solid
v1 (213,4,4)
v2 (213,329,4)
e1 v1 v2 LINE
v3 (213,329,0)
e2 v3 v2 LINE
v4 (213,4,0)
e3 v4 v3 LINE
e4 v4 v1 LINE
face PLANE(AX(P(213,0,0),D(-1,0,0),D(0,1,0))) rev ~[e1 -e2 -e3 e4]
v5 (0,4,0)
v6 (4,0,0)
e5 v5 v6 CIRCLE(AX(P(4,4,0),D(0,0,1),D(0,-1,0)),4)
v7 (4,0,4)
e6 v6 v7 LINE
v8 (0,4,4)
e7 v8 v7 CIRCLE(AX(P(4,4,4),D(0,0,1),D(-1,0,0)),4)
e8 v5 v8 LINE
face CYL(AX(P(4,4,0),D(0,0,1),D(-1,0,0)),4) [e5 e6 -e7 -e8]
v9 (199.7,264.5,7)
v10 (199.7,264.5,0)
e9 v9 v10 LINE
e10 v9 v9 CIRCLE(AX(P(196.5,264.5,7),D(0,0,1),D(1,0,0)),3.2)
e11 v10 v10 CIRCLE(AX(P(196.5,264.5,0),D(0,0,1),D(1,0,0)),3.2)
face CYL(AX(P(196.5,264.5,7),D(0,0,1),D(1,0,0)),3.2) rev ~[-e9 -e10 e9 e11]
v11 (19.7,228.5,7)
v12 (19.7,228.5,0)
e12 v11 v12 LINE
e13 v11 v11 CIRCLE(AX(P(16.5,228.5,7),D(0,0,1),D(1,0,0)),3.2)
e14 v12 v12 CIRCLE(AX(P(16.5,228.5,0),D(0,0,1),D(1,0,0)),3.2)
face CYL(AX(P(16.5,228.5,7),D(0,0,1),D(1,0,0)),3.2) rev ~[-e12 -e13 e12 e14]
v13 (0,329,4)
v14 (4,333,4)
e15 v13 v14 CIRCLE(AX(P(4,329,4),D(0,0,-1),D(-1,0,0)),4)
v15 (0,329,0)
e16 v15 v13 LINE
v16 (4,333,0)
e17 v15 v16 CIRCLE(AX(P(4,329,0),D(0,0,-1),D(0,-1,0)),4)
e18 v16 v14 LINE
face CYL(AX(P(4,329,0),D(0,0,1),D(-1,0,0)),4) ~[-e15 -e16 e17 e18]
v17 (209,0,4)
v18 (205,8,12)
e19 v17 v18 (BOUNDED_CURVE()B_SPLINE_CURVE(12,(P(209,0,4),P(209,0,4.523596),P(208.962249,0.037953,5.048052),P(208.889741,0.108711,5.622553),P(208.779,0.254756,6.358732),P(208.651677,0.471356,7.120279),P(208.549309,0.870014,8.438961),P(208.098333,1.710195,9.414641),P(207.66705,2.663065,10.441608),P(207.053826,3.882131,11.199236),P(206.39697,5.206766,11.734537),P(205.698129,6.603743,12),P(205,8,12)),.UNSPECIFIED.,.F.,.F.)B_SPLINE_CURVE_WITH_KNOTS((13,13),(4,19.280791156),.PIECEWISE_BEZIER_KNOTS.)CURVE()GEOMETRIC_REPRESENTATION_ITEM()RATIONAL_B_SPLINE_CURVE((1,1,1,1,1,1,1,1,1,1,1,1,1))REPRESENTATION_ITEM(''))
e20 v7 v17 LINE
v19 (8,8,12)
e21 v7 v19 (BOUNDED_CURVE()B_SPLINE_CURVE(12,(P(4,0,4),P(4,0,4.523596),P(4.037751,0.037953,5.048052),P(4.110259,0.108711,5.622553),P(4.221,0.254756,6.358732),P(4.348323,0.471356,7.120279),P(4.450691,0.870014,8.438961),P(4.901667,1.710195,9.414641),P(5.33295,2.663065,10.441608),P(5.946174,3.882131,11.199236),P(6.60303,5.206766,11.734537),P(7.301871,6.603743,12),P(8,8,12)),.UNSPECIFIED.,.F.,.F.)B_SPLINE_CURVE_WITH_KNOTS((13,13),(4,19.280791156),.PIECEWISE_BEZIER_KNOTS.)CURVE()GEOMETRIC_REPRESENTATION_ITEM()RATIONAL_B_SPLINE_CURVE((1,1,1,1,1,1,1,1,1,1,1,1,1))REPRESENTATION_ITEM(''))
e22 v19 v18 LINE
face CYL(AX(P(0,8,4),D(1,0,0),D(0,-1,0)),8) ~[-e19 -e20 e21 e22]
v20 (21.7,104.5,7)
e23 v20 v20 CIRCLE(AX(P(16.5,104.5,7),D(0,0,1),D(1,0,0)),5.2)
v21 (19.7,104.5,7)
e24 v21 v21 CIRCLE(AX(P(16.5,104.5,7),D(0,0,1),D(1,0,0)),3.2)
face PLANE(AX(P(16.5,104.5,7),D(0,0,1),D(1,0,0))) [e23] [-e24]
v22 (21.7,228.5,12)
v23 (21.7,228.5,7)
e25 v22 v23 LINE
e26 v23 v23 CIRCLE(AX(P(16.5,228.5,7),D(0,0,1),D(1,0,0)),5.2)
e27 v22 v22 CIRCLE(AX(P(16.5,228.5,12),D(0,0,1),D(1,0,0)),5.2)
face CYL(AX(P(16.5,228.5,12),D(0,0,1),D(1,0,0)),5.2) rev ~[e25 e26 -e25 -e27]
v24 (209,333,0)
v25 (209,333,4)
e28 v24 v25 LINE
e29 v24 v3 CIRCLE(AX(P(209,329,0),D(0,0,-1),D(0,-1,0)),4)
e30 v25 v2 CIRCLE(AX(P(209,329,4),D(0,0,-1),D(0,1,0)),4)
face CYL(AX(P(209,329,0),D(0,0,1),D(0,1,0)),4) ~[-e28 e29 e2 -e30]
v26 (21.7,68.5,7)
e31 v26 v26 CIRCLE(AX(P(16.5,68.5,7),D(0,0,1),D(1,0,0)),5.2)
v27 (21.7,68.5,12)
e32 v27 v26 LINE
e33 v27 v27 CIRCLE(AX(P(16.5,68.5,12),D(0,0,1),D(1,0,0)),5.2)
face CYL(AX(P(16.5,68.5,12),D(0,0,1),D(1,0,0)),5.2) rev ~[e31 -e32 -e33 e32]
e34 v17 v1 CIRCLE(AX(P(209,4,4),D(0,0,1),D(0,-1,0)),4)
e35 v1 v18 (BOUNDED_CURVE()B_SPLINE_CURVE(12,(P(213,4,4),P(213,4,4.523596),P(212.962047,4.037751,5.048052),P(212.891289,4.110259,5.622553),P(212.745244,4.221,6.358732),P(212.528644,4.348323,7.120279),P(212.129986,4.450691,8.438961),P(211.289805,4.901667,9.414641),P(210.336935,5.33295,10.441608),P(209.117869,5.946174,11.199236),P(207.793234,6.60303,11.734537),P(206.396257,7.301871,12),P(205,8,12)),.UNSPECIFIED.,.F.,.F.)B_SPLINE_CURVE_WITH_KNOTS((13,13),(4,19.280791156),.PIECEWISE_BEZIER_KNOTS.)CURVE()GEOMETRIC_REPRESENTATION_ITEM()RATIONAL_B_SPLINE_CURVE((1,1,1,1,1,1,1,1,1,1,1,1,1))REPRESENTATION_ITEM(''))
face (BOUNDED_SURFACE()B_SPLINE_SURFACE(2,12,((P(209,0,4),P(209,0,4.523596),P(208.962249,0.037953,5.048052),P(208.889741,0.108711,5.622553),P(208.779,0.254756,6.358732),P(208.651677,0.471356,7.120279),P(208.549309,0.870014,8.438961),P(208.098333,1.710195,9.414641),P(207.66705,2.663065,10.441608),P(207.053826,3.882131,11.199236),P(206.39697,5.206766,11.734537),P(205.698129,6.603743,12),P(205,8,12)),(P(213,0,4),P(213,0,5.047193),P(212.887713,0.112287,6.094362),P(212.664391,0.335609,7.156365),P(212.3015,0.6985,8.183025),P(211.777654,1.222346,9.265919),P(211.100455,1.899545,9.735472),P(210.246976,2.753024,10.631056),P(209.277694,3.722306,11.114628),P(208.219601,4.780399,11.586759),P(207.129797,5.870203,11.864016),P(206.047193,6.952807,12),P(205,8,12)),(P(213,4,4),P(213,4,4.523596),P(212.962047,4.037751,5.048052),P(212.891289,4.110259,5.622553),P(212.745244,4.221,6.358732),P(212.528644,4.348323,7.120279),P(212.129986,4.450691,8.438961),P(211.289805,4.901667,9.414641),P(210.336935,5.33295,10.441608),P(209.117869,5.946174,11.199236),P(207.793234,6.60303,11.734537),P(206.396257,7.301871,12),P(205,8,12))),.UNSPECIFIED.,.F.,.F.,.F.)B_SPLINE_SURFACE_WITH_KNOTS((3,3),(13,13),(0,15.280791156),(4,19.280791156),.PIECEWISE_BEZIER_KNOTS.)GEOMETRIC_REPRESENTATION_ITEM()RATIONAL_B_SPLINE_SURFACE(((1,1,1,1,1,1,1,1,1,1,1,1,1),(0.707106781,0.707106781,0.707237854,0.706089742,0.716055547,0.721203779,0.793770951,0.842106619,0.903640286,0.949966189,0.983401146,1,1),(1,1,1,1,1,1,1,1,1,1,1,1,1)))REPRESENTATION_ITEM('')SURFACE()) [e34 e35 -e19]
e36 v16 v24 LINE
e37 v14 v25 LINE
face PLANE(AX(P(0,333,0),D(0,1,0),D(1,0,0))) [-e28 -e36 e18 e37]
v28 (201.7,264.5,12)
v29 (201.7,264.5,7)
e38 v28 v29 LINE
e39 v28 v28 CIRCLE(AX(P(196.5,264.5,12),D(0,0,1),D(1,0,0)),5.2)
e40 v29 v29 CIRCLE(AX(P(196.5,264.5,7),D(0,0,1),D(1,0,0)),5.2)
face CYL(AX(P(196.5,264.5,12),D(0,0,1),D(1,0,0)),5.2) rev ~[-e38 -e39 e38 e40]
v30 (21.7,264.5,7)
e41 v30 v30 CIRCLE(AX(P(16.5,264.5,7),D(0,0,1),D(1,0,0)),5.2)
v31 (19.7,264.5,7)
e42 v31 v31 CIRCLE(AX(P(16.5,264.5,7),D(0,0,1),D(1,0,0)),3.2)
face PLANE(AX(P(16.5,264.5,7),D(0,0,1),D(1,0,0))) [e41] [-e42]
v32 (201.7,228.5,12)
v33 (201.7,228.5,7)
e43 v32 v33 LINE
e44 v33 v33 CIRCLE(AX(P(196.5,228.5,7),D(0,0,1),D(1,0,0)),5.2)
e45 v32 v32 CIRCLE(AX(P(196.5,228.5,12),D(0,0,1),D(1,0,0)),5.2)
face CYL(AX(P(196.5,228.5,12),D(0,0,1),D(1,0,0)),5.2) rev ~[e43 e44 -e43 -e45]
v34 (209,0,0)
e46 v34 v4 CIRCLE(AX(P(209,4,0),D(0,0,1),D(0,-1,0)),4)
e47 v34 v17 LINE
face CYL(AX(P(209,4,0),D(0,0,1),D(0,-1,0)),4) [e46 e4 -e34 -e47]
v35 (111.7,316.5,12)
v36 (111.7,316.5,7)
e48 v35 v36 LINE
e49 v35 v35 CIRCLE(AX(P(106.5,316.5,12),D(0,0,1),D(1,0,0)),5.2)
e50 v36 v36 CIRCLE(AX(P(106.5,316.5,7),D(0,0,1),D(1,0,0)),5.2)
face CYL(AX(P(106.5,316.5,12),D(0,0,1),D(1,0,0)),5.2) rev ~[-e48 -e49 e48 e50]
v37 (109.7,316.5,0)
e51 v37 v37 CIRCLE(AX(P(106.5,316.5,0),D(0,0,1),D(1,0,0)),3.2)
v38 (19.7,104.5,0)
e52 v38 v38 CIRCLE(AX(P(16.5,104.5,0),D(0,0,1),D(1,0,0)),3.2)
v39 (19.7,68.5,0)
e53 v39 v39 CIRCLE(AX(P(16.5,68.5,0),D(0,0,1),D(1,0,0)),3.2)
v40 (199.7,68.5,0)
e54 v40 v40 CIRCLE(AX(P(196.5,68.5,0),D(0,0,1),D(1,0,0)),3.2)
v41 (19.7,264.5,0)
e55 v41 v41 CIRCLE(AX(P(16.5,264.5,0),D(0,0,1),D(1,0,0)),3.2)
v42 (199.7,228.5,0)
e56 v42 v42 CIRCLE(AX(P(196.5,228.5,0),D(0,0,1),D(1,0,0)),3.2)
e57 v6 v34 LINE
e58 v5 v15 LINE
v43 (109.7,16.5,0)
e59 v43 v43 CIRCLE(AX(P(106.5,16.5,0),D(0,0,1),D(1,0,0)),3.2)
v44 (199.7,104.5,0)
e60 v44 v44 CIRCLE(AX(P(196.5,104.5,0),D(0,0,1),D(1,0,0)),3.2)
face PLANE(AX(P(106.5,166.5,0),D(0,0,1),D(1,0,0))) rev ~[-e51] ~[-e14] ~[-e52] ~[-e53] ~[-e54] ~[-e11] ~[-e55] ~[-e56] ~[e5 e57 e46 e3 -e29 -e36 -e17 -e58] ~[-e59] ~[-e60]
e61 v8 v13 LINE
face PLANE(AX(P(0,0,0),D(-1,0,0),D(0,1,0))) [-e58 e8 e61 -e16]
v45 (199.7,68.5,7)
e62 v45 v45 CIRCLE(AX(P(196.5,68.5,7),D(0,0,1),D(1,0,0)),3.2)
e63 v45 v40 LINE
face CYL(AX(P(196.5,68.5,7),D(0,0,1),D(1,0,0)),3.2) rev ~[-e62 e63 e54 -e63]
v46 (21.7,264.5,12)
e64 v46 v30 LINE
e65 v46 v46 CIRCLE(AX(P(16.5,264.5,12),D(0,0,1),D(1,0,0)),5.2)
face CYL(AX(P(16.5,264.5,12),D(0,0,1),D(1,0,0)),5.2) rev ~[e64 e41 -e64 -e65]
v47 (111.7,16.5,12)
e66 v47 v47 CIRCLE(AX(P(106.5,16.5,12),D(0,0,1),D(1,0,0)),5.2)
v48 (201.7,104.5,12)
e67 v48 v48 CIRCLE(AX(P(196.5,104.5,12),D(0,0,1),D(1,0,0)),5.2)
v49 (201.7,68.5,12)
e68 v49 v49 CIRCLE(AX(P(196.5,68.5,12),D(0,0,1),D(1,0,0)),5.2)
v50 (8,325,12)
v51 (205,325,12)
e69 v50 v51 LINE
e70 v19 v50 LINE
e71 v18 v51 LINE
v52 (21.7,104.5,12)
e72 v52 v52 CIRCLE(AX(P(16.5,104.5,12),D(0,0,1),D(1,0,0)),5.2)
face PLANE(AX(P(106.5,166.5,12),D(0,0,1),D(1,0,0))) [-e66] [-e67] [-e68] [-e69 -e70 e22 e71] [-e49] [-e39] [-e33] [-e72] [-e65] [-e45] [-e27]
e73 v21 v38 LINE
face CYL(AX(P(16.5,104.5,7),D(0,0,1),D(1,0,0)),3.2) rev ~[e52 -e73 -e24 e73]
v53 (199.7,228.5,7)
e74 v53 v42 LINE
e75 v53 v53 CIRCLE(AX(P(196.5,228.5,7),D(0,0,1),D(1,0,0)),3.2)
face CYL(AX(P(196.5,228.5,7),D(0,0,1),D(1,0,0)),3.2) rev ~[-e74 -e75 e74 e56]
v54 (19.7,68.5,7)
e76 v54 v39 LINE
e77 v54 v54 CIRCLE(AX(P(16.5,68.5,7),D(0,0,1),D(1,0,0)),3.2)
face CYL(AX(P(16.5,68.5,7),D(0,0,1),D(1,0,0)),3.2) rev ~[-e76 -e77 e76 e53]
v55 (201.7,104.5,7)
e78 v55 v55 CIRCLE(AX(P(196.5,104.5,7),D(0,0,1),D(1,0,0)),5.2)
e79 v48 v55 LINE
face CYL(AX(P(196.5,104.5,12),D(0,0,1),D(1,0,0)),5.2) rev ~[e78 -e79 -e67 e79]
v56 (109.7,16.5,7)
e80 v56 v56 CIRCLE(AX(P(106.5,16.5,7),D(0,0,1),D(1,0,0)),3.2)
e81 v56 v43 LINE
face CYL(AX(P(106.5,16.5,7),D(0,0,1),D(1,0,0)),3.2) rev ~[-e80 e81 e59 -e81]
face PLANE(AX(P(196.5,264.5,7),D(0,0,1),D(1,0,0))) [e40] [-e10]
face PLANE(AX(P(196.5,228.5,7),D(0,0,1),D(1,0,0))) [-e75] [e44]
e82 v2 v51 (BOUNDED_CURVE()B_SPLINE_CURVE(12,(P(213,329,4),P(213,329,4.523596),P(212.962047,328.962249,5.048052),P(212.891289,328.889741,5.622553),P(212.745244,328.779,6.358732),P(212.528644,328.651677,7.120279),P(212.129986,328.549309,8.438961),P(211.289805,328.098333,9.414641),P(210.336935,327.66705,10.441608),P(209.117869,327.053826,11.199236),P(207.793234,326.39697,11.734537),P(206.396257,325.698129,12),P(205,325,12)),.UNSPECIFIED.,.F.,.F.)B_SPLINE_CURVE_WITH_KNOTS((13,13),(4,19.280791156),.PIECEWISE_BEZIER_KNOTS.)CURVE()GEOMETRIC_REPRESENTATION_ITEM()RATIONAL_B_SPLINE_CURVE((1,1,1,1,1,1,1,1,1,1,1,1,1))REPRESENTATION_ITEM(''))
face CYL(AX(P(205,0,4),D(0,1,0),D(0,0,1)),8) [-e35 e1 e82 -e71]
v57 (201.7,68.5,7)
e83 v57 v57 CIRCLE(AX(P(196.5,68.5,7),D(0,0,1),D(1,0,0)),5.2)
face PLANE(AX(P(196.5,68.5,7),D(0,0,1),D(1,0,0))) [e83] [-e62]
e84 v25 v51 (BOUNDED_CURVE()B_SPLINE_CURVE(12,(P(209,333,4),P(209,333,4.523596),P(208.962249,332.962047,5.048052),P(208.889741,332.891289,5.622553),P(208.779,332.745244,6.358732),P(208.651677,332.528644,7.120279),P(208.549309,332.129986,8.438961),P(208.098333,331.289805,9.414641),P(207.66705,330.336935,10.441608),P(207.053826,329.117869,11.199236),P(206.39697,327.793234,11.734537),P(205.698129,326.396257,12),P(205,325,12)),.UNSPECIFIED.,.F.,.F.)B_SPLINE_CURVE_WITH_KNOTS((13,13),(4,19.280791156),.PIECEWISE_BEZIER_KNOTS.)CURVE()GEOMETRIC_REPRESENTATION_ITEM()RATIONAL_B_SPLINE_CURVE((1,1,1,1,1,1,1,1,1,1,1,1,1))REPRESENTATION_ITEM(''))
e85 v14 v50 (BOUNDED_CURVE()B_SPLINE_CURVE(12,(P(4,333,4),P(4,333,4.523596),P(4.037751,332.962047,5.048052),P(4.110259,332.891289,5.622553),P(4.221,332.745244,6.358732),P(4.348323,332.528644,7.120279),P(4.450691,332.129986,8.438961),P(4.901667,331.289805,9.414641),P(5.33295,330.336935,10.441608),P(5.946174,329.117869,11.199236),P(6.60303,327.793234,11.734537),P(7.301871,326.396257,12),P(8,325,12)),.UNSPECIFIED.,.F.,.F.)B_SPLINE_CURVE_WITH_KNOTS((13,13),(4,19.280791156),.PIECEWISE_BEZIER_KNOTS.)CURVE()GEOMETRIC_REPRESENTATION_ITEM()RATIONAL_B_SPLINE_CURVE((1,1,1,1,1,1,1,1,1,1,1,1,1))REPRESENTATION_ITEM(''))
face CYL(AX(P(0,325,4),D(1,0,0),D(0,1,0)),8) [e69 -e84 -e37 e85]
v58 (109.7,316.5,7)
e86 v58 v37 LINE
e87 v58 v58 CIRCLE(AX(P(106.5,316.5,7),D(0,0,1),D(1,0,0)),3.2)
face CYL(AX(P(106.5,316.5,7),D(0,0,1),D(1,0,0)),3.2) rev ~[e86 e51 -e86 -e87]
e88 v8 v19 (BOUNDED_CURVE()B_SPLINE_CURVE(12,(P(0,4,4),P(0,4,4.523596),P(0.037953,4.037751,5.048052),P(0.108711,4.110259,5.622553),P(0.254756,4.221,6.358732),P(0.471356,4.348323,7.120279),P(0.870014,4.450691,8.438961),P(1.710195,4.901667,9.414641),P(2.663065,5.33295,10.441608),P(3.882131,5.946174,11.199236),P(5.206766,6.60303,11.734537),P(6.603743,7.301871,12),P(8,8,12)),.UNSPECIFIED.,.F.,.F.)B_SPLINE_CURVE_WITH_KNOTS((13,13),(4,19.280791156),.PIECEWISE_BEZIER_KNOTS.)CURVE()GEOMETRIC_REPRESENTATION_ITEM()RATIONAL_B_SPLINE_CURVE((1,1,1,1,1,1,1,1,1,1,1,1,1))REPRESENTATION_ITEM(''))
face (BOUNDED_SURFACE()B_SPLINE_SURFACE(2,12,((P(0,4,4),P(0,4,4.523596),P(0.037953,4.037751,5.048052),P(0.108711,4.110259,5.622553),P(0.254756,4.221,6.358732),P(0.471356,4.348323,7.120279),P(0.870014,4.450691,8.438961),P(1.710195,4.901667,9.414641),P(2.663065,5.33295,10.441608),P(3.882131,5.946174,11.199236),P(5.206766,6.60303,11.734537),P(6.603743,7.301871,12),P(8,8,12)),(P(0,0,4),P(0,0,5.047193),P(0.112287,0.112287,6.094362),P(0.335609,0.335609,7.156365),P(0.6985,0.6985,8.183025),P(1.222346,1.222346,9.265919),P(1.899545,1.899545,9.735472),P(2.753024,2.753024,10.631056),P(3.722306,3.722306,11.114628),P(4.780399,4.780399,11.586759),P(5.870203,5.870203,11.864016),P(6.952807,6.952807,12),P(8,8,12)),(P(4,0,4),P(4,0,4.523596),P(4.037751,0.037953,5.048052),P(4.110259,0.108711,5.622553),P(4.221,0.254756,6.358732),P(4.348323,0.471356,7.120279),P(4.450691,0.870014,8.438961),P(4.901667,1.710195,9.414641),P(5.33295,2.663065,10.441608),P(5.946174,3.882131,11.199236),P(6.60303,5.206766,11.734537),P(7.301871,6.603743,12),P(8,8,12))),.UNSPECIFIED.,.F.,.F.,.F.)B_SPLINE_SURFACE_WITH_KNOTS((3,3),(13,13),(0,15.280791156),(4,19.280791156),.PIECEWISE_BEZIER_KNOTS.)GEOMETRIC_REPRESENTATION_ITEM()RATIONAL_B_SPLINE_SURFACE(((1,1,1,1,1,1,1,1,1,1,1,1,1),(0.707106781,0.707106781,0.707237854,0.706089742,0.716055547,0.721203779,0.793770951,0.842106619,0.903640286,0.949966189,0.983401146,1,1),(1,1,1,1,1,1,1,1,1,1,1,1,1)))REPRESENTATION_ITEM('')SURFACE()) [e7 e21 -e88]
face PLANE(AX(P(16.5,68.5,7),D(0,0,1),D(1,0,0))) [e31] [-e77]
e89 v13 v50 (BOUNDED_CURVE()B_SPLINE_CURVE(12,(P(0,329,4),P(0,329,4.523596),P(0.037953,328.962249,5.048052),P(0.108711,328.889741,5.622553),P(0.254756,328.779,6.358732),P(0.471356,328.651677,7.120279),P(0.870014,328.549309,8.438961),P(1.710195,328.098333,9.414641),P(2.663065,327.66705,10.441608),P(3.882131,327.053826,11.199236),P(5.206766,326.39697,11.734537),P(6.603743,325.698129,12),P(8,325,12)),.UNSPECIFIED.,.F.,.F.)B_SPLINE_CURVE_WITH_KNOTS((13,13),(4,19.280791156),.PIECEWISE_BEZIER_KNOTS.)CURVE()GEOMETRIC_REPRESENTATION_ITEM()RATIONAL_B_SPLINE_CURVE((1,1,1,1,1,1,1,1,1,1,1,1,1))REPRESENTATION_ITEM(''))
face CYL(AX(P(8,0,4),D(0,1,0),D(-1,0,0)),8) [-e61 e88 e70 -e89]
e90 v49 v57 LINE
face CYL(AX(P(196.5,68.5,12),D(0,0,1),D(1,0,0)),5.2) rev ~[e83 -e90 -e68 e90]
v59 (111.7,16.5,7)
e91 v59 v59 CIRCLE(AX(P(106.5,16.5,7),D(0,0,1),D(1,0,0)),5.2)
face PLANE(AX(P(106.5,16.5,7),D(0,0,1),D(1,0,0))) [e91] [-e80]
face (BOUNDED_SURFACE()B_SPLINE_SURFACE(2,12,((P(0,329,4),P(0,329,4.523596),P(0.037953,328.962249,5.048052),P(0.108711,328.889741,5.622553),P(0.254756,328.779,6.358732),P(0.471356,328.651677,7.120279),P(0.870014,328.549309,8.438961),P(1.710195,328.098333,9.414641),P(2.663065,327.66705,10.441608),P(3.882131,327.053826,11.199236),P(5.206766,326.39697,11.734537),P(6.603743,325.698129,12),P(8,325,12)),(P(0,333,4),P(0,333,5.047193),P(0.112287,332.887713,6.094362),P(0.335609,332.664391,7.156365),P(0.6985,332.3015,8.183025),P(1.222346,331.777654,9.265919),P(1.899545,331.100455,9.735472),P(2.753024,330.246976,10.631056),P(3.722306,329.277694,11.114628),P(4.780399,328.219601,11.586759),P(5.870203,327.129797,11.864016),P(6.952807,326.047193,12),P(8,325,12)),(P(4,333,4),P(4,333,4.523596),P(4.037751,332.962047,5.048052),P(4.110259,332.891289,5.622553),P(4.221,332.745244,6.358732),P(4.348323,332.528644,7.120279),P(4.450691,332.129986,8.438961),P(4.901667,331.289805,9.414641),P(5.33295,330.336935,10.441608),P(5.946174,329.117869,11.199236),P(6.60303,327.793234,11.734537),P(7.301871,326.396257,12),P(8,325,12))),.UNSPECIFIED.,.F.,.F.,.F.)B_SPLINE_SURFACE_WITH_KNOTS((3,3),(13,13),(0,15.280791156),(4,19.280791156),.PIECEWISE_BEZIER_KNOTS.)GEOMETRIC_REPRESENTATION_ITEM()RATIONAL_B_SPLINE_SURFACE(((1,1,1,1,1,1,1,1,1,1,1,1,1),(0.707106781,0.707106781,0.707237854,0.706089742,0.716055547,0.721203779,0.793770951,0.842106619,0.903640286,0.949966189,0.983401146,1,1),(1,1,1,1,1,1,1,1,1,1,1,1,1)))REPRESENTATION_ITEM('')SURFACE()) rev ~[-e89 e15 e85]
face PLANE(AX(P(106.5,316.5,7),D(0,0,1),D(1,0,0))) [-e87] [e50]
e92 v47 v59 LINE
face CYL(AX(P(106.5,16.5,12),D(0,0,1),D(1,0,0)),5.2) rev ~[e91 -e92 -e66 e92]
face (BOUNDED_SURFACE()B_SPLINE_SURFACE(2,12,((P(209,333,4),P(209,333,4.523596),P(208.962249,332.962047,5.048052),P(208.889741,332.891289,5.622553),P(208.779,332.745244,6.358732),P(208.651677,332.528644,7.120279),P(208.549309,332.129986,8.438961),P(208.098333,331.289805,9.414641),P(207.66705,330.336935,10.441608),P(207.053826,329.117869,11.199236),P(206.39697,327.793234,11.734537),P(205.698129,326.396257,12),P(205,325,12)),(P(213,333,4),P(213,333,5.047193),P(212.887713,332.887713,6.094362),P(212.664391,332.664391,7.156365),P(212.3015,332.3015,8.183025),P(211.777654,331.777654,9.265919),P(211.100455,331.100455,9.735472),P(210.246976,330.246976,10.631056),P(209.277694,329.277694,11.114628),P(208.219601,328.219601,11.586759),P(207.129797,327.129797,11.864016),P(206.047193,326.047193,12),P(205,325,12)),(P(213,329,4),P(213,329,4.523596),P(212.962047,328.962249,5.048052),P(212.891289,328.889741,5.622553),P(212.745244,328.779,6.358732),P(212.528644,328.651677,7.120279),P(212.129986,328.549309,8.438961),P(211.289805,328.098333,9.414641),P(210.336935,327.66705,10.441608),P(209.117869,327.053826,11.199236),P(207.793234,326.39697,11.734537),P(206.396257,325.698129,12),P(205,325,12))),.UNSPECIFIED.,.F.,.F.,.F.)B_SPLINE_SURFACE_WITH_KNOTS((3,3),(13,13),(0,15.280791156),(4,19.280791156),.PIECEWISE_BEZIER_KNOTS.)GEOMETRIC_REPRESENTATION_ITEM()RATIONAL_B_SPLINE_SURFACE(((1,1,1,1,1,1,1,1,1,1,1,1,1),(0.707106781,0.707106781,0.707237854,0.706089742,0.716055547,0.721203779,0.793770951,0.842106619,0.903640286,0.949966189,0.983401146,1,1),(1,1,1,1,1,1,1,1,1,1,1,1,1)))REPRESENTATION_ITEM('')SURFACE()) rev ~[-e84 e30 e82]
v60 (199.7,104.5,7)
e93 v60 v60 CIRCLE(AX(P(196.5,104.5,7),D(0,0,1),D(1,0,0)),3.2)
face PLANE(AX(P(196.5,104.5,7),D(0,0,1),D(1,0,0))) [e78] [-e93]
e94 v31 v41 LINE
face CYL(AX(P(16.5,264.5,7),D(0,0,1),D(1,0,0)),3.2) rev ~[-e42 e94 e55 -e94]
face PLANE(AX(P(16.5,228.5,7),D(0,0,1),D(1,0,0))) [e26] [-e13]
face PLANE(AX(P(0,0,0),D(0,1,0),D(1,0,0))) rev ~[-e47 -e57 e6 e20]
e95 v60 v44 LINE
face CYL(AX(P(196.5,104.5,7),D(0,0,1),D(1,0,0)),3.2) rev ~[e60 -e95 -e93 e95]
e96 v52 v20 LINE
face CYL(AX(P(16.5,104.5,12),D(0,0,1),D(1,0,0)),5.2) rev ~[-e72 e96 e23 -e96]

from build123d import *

# Parameters (mm, degrees)
SKETCH_W        = 213
SKETCH_H        = 333
PAD_DEPTH       = 12
SKETCH001_R     = 5.2
POCKET_DEPTH    = 5
SKETCH002_R     = 3.2
POCKET001_DEPTH = 7
FILLET_R        = 8
FILLET001_R     = 4


with BuildPart() as part:
    # Sketch → Pad (new body)
    with BuildSketch(Plane.XY):
        with Locations((106.5, 166.5)):
            Rectangle(SKETCH_W, SKETCH_H)
    extrude(amount=PAD_DEPTH)

    # Sketch001 (on Face6 of Pad) → Pocket (cut)
    with BuildSketch(Plane.XY.offset(12)):
        with Locations((16.5, 264.5)):
            Circle(SKETCH001_R)
        with Locations((16.5, 228.5)):
            Circle(SKETCH001_R)
        with Locations((16.5, 104.5)):
            Circle(SKETCH001_R)
        with Locations((16.5, 68.5)):
            Circle(SKETCH001_R)
        with Locations((196.5, 264.5)):
            Circle(SKETCH001_R)
        with Locations((196.5, 228.5)):
            Circle(SKETCH001_R)
        with Locations((196.5, 104.5)):
            Circle(SKETCH001_R)
        with Locations((196.5, 68.5)):
            Circle(SKETCH001_R)
        with Locations((106.5, 316.5)):
            Circle(SKETCH001_R)
        with Locations((106.5, 16.5)):
            Circle(SKETCH001_R)
    extrude(amount=-POCKET_DEPTH, mode=Mode.SUBTRACT)

    # Sketch002 (on Face23 of Pocket) → Pocket001 (cut)
    with BuildSketch(Plane.XY.offset(7)):
        with Locations((106.5, 316.5)):
            Circle(SKETCH002_R)
        with Locations((16.5, 264.5)):
            Circle(SKETCH002_R)
        with Locations((16.5, 228.5)):
            Circle(SKETCH002_R)
        with Locations((16.5, 104.5)):
            Circle(SKETCH002_R)
        with Locations((16.5, 68.5)):
            Circle(SKETCH002_R)
        with Locations((106.5, 16.5)):
            Circle(SKETCH002_R)
        with Locations((196.5, 68.5)):
            Circle(SKETCH002_R)
        with Locations((196.5, 104.5)):
            Circle(SKETCH002_R)
        with Locations((196.5, 228.5)):
            Circle(SKETCH002_R)
        with Locations((196.5, 264.5)):
            Circle(SKETCH002_R)
    extrude(amount=-POCKET001_DEPTH, mode=Mode.SUBTRACT)

    # Fillet
    fillet_edges = [part.edges().sort_by_distance(p)[0] for p in [
        (106.5, 0, 12),
        (213, 166.5, 12),
        (106.5, 333, 12),
        (0, 166.5, 12),
    ]]
    fillet(fillet_edges, radius=FILLET_R)

    # Fillet001
    fillet001_edges = [part.edges().sort_by_distance(p)[0] for p in [
        (0, 0, 2),
        (2.831608, 2.831608, 10.106368),
        (213, 0, 2),
        (210.168391, 2.831609, 10.106368),
        (213, 333, 2),
        (210.168392, 330.168392, 10.106368),
        (0, 333, 2),
        (2.831609, 330.168391, 10.106368),
    ]]
    fillet(fillet001_edges, radius=FILLET001_R)


solid = part.part
